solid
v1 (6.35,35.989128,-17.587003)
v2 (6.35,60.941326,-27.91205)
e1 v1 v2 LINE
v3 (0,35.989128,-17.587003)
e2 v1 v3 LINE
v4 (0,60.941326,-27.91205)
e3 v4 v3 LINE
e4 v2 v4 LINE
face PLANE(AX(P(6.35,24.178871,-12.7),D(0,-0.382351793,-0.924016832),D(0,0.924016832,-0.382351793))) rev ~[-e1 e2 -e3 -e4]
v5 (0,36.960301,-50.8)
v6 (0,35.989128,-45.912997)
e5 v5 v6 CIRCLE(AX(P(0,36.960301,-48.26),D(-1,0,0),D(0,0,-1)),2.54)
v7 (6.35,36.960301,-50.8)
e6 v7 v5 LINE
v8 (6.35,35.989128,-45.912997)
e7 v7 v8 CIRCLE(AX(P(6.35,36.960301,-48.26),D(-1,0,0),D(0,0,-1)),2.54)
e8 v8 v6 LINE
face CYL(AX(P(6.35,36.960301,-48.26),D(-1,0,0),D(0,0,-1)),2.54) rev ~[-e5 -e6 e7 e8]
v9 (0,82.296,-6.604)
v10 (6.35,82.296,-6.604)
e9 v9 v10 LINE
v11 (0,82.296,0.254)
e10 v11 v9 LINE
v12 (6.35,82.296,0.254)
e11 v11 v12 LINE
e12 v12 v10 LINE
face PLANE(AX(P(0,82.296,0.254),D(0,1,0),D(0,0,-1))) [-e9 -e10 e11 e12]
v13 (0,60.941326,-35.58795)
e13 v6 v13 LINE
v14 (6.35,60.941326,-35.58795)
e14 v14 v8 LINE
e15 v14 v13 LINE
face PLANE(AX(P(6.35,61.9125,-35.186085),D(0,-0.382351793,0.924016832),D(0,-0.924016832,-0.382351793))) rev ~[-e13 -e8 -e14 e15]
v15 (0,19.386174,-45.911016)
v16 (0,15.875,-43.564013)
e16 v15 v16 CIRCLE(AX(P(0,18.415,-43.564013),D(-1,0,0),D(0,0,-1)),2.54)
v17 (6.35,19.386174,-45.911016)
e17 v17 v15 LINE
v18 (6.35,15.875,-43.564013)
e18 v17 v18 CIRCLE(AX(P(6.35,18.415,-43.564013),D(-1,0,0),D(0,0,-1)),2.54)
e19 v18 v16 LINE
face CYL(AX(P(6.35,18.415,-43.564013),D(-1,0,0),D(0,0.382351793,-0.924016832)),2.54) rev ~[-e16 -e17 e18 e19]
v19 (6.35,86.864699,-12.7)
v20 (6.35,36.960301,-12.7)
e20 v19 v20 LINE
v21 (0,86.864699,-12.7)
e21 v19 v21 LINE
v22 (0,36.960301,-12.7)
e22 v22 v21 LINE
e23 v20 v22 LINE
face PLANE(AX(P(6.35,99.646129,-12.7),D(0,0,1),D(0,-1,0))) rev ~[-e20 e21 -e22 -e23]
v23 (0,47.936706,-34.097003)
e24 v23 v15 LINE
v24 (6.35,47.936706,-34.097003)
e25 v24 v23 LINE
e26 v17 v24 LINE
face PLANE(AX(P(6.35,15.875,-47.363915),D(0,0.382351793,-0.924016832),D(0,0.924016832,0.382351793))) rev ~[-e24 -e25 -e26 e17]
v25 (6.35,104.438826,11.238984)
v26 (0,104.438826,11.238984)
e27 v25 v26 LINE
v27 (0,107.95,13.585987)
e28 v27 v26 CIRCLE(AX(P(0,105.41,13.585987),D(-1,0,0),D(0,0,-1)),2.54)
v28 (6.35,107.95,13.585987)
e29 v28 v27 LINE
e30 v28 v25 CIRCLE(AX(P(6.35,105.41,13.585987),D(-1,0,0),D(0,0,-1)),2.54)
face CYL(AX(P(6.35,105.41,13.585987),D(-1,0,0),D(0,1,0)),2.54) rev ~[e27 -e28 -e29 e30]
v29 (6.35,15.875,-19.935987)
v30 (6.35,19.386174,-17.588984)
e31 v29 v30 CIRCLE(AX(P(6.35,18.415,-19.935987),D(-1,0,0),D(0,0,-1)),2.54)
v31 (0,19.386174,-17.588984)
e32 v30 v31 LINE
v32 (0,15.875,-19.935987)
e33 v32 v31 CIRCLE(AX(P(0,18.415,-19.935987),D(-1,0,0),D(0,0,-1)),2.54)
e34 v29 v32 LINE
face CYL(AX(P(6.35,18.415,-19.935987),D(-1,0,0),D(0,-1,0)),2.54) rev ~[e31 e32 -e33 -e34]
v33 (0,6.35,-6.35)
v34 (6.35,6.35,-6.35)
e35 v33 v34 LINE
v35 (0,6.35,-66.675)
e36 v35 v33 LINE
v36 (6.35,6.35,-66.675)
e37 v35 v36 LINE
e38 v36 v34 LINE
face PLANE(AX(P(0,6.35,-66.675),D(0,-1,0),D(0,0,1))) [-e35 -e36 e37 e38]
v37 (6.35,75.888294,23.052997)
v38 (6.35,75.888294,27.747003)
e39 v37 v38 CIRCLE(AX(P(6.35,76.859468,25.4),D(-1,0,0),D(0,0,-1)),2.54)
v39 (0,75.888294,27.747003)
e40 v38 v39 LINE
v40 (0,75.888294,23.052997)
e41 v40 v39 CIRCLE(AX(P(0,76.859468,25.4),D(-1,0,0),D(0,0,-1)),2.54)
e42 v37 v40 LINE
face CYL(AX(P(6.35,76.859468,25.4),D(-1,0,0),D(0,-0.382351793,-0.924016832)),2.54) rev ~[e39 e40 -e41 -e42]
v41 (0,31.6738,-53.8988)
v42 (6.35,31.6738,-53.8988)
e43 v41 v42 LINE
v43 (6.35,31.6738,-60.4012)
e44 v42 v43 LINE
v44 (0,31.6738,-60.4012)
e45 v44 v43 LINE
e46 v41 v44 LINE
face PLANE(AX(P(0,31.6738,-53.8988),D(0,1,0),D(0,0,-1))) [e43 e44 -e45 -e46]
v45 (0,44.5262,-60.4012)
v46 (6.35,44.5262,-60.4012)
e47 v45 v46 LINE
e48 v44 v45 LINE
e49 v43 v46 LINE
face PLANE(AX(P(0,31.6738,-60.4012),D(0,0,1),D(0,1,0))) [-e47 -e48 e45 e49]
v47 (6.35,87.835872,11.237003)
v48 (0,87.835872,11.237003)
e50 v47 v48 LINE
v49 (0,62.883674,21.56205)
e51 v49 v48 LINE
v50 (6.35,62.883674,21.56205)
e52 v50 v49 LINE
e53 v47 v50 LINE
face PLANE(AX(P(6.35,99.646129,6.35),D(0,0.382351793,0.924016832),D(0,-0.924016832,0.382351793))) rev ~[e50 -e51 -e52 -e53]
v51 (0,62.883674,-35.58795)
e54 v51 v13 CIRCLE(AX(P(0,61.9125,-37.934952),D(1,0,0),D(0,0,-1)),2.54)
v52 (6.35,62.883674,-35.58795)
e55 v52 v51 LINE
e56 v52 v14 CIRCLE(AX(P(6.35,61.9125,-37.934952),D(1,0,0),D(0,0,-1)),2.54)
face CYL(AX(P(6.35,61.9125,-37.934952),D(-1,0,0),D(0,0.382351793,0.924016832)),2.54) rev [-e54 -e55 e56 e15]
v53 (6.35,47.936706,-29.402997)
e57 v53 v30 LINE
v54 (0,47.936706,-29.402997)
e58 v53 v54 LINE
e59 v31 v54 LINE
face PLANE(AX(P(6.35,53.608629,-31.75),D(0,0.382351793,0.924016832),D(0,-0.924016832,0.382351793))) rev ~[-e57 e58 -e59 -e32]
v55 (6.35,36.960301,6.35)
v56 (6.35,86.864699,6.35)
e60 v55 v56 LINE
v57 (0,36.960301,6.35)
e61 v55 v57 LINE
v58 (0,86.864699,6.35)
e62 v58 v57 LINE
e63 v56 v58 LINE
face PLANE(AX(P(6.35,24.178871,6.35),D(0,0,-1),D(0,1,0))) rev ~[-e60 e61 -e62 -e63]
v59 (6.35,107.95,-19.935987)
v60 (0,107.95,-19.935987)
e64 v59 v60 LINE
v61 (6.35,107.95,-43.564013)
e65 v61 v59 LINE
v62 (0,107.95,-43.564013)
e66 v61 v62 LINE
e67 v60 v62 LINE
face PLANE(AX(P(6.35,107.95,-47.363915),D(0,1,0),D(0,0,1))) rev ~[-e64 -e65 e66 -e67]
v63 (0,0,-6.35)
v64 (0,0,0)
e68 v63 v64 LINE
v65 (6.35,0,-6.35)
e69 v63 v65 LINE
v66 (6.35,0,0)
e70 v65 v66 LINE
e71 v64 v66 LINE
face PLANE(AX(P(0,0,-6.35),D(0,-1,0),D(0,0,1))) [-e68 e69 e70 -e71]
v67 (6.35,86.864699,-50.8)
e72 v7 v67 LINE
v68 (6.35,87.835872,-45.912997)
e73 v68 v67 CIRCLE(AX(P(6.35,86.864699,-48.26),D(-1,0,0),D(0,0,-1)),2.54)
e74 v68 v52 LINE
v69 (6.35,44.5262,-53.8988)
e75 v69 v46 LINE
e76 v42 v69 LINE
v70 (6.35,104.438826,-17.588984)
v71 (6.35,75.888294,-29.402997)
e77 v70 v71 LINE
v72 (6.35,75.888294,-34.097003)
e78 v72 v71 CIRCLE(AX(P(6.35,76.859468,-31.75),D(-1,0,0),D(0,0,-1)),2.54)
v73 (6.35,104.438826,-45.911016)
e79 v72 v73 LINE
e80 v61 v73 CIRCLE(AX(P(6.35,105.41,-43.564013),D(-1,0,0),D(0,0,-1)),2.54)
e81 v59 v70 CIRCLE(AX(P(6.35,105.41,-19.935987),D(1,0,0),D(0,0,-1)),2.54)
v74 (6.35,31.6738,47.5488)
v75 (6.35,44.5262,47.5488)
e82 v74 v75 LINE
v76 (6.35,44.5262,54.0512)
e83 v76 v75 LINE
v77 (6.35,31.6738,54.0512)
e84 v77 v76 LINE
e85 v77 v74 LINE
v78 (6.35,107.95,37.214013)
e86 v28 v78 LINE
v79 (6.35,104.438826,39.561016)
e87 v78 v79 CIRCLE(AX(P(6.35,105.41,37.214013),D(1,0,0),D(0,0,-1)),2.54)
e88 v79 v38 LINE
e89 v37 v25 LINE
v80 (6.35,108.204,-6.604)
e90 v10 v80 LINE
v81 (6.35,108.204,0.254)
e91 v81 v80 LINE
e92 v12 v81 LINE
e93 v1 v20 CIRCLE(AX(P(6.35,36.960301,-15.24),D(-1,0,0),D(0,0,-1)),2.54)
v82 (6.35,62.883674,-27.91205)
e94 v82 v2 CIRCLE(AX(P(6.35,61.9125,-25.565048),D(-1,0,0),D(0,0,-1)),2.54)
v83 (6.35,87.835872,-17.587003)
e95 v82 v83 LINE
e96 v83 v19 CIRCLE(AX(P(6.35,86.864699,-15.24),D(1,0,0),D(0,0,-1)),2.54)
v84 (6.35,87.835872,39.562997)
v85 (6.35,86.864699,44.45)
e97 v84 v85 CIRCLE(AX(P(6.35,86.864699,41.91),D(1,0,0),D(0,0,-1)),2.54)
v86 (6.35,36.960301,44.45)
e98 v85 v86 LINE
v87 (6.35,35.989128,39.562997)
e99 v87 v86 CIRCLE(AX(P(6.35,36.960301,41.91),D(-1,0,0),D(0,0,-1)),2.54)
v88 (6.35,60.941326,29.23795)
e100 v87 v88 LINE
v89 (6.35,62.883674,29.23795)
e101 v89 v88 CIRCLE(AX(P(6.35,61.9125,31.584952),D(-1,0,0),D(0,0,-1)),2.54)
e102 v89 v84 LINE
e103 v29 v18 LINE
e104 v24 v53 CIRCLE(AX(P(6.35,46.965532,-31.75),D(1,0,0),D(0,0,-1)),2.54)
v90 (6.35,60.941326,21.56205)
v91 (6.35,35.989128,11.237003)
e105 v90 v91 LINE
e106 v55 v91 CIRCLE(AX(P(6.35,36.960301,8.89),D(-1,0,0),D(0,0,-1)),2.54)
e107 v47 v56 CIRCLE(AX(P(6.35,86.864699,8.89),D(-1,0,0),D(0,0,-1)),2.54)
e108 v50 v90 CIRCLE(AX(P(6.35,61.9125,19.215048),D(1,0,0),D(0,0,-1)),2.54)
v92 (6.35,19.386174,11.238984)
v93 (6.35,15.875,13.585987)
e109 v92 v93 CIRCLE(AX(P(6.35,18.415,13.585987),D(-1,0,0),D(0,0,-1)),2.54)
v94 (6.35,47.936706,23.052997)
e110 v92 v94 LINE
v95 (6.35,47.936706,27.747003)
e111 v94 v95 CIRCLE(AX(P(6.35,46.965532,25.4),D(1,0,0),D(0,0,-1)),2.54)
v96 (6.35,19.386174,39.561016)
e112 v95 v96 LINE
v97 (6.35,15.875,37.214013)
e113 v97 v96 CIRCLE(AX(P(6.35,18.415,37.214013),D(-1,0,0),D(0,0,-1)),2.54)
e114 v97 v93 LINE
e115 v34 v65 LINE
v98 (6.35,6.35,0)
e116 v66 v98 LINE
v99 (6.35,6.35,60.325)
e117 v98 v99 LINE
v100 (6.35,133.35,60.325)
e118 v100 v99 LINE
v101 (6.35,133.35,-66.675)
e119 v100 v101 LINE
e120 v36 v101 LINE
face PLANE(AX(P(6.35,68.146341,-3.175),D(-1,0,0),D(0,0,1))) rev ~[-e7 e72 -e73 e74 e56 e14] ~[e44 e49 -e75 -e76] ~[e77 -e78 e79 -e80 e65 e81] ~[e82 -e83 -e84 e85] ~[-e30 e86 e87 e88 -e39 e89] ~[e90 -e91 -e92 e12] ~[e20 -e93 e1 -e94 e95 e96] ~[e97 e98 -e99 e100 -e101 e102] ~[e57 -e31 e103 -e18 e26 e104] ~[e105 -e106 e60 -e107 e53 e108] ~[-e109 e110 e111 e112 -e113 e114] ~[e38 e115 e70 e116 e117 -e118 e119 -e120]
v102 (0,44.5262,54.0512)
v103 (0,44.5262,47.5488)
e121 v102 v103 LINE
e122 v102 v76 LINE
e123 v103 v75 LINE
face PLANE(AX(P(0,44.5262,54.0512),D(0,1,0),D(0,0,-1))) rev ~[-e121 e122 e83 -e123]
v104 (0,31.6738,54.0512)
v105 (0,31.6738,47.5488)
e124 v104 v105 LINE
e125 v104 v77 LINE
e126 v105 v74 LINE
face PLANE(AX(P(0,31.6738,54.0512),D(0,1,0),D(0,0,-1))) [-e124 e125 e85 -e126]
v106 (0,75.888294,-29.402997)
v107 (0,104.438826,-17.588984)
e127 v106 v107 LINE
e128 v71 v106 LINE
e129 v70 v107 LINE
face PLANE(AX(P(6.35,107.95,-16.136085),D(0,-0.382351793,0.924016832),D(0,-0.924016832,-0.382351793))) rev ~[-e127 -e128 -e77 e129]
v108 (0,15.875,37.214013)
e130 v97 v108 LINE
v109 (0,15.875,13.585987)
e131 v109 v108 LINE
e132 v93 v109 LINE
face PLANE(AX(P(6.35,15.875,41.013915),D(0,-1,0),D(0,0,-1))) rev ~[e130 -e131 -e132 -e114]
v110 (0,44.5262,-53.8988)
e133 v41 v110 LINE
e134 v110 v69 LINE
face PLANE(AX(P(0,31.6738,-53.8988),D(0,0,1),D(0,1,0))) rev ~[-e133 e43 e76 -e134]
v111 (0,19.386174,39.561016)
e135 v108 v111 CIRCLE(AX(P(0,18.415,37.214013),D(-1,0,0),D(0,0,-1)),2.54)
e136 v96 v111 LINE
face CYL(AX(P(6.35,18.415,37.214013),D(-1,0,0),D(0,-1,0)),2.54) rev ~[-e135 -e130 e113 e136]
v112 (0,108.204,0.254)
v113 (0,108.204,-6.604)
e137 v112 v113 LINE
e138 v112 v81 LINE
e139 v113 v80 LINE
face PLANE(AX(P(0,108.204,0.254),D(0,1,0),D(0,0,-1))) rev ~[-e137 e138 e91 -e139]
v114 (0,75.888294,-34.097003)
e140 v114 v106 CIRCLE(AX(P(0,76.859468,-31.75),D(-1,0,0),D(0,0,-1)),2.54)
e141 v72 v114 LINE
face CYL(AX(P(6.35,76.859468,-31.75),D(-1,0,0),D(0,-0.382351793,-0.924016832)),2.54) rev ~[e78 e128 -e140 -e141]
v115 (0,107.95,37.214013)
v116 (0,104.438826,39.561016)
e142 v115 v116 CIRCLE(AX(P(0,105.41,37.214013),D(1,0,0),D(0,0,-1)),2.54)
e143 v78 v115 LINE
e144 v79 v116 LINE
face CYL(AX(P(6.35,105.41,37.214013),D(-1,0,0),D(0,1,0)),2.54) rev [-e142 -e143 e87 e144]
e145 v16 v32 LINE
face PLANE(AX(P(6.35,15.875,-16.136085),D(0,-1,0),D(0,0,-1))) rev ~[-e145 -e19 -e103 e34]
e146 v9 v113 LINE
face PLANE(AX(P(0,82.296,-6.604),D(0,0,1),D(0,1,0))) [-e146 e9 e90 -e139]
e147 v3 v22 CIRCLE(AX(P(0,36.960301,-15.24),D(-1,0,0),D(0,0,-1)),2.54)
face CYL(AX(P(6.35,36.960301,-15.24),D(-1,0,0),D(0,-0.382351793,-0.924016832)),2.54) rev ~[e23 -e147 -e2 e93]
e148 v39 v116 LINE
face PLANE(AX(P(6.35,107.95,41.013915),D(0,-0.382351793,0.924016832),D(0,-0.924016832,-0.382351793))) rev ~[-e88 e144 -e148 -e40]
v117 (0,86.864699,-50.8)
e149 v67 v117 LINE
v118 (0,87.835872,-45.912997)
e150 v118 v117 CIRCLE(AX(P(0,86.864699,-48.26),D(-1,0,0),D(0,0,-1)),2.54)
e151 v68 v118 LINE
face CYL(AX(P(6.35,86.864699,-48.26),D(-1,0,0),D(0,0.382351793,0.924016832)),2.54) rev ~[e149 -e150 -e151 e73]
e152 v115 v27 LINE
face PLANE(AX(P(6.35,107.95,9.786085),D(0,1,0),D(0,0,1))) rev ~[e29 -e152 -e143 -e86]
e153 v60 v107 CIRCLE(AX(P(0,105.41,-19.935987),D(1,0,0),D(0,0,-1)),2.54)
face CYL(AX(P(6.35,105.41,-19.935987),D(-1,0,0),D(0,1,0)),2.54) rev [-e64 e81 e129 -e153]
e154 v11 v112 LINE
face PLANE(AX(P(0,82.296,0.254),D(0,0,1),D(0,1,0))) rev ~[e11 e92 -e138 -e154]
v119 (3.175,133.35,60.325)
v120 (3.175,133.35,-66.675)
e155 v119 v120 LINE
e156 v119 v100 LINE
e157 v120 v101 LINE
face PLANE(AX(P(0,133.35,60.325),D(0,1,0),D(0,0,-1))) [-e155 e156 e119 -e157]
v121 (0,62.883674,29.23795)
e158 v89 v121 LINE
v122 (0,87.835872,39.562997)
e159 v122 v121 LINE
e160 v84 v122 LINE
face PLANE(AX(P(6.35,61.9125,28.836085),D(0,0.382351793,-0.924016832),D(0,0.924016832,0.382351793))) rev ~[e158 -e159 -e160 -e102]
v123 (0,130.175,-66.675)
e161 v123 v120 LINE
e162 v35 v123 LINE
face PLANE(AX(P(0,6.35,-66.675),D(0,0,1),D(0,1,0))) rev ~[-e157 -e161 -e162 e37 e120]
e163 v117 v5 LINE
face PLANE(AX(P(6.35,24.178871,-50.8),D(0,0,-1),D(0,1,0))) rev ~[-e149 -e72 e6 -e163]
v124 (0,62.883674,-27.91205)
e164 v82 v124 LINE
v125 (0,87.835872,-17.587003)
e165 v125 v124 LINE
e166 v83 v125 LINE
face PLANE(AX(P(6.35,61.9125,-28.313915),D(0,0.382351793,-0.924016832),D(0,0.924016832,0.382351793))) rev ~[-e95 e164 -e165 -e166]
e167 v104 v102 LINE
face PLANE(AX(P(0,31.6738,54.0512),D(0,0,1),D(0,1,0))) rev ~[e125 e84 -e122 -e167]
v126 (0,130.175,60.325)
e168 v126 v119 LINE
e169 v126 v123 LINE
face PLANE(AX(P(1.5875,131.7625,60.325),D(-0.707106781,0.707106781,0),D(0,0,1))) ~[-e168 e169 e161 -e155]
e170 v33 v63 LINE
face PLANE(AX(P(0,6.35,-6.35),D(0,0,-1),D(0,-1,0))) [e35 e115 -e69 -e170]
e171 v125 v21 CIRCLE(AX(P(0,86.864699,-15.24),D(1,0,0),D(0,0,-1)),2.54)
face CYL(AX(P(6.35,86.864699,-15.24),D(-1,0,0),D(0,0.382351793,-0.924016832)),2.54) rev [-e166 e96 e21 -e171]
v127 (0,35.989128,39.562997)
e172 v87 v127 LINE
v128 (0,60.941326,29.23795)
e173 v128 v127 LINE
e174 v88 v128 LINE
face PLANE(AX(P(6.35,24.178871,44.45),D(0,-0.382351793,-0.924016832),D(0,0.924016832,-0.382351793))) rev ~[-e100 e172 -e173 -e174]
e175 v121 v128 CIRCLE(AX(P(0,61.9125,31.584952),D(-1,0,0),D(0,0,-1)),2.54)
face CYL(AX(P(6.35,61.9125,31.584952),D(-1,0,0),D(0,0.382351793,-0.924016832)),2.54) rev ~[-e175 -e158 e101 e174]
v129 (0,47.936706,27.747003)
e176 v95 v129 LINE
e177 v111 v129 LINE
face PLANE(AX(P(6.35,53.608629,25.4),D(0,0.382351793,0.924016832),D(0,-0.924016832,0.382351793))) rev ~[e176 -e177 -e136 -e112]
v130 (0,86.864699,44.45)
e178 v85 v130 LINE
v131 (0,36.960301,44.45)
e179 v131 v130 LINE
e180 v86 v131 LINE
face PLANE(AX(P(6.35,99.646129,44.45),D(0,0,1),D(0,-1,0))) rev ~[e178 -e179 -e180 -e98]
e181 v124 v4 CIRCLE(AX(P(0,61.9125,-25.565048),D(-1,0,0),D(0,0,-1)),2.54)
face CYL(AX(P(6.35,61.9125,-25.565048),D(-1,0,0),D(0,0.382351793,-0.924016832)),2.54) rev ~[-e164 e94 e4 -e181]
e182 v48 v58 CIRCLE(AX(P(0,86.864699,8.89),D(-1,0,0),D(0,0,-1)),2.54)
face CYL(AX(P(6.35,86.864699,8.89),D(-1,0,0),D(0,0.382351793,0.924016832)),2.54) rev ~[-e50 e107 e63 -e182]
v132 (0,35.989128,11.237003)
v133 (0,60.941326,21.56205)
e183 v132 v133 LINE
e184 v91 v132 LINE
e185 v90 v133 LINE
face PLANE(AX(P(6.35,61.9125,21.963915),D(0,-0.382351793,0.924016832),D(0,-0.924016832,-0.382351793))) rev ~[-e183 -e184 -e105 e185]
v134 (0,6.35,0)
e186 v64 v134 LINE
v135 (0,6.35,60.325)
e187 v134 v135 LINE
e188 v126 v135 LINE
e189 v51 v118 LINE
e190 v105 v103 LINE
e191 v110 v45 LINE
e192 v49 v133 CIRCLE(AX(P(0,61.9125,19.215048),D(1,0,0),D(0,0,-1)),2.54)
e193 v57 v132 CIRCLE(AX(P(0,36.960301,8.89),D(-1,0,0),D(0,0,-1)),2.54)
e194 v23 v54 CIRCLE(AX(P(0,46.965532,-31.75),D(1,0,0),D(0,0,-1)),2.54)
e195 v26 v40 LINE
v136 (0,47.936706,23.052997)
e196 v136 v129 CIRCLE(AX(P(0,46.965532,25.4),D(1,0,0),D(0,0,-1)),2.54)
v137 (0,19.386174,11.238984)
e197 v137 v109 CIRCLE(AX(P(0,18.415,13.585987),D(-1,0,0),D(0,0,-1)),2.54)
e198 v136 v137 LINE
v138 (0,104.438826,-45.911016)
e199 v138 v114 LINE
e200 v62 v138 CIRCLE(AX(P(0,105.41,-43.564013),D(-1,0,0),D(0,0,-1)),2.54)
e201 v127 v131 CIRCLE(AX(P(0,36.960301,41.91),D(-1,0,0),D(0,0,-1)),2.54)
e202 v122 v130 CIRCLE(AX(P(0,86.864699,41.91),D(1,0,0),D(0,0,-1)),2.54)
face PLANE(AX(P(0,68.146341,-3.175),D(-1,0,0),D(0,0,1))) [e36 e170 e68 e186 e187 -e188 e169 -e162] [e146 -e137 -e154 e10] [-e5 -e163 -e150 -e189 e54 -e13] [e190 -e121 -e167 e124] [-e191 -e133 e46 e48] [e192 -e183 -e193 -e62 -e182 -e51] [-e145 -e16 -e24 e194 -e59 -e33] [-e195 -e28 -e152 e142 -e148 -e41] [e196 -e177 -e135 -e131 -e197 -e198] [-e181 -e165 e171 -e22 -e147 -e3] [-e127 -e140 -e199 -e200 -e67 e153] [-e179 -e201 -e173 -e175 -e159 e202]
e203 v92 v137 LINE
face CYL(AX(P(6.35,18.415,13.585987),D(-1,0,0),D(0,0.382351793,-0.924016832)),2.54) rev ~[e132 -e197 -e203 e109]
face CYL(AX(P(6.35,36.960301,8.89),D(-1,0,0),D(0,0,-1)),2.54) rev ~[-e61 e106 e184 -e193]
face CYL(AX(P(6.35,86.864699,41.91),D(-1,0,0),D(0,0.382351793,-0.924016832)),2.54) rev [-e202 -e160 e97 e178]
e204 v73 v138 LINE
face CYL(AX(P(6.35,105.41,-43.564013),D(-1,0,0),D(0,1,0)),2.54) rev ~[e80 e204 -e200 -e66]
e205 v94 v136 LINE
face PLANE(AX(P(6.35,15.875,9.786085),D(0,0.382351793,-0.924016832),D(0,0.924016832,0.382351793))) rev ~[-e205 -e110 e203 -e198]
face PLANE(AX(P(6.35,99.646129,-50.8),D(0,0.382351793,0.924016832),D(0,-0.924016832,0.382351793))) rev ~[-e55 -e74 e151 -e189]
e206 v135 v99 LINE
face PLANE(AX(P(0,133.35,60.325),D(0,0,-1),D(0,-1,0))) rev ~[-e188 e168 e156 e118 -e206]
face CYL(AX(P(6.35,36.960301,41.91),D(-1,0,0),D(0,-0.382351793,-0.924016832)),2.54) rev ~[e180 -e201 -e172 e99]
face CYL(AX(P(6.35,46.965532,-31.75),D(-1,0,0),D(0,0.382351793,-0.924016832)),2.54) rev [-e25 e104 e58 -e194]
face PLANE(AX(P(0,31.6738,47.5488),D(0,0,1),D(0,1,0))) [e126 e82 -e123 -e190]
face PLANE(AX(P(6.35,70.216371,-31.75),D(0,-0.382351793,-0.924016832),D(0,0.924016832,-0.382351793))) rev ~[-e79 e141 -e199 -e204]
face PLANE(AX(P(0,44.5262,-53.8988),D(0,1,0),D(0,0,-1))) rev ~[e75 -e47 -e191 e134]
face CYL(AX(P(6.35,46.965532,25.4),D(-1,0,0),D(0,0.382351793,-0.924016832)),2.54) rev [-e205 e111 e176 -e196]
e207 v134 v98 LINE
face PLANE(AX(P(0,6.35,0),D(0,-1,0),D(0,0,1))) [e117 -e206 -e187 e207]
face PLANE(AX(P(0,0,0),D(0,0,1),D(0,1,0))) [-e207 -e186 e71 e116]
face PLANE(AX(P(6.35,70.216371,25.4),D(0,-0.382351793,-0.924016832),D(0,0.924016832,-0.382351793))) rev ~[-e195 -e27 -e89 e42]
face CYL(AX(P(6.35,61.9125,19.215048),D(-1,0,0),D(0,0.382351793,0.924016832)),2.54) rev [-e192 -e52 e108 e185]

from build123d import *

# Parameters (mm, degrees)
SKETCH4_W           = 6.858
SKETCH4_H           = 25.908
SKETCH4_W_2         = 6.5024
SKETCH4_H_2         = 12.8524
BOSS_EXTRUDE1_DEPTH = 6.35
CUT_EXTRUDE1_DEPTH  = 150.225
FILLET1_R           = 2.54
CHAMFER1_SIZE       = 3.175


with BuildPart() as part:
    # Sketch4 → Boss-Extrude1 (new body)
    with BuildSketch(Plane(origin=(0, 0, 0), x_dir=(0, 0, -1), z_dir=(1, 0, 0))):
        Polygon((0, 6.35), (-60.325, 6.35), (-60.325, 32.004), (-60.325, 44.704), (-60.325, 133.35), (66.675, 133.35), (66.675, 44.704), (66.675, 32.004), (66.675, 6.35), (6.35, 6.35), (6.35, 0), (0, 0), align=None)
        with Locations((3.175, 95.25)):
            Rectangle(SKETCH4_W, SKETCH4_H, mode=Mode.SUBTRACT)
        with Locations((-50.8, 38.1)):
            Rectangle(SKETCH4_W_2, SKETCH4_H_2, mode=Mode.SUBTRACT)
        with Locations((57.15, 38.1)):
            Rectangle(SKETCH4_W_2, SKETCH4_H_2, mode=Mode.SUBTRACT)
    extrude(amount=BOSS_EXTRUDE1_DEPTH)

    # Sketch5 → Cut-Extrude1 (cut, through all)
    with BuildSketch(Plane(origin=(6.35, 0, 0), x_dir=(0, 0, -1), z_dir=(1, 0, 0))):
        Polygon((-28.836084591, 61.9125), (-44.45, 99.646128904), (-44.45, 24.178871096), align=None)
        Polygon((-9.786084591, 107.95), (-41.013915409, 107.95), (-25.4, 70.216371096), align=None)
        Polygon((-9.786084591, 15.875), (-25.4, 53.608628904), (-41.013915409, 15.875), align=None)
        Polygon((28.313915409, 61.9125), (12.7, 99.646128904), (12.7, 24.178871096), align=None)
        Polygon((47.363915409, 107.95), (16.136084591, 107.95), (31.75, 70.216371096), align=None)
        Polygon((50.8, 99.646128904), (35.186084591, 61.9125), (50.8, 24.178871096), align=None)
        Polygon((47.363915409, 15.875), (31.75, 53.608628904), (16.136084591, 15.875), align=None)
        Polygon((-6.35, 99.646128904), (-21.963915409, 61.9125), (-6.35, 24.178871096), align=None)
    extrude(amount=-CUT_EXTRUDE1_DEPTH, mode=Mode.SUBTRACT)

    # Fillet1
    fillet1_edges = [part.edges().sort_by_distance(p)[0] for p in [
        (3.175, 53.608628904, 25.4),
        (3.175, 15.875, 9.786084591),
        (3.175, 70.216371096, -31.75),
        (3.175, 107.95, -16.136084591),
        (3.175, 107.95, -47.363915409),
        (3.175, 61.9125, -28.313915409),
        (3.175, 24.178871096, -12.7),
        (3.175, 99.646128904, -12.7),
        (3.175, 15.875, -47.363915409),
        (3.175, 15.875, -16.136084591),
        (3.175, 53.608628904, -31.75),
        (3.175, 24.178871096, -50.8),
        (3.175, 61.9125, -35.186084591),
        (3.175, 99.646128904, -50.8),
        (3.175, 61.9125, 21.963915409),
        (3.175, 99.646128904, 6.35),
        (3.175, 24.178871096, 6.35),
        (3.175, 24.178871096, 44.45),
        (3.175, 99.646128904, 44.45),
        (3.175, 61.9125, 28.836084591),
        (3.175, 70.216371096, 25.4),
        (3.175, 107.95, 41.013915409),
        (3.175, 107.95, 9.786084591),
        (3.175, 15.875, 41.013915409),
    ]]
    fillet(fillet1_edges, radius=FILLET1_R)

    # Chamfer1
    chamfer1_edges = [part.edges().sort_by_distance(p)[0] for p in [
        (0, 133.35, -3.175),
    ]]
    chamfer(chamfer1_edges, length=CHAMFER1_SIZE)


solid = part.part
